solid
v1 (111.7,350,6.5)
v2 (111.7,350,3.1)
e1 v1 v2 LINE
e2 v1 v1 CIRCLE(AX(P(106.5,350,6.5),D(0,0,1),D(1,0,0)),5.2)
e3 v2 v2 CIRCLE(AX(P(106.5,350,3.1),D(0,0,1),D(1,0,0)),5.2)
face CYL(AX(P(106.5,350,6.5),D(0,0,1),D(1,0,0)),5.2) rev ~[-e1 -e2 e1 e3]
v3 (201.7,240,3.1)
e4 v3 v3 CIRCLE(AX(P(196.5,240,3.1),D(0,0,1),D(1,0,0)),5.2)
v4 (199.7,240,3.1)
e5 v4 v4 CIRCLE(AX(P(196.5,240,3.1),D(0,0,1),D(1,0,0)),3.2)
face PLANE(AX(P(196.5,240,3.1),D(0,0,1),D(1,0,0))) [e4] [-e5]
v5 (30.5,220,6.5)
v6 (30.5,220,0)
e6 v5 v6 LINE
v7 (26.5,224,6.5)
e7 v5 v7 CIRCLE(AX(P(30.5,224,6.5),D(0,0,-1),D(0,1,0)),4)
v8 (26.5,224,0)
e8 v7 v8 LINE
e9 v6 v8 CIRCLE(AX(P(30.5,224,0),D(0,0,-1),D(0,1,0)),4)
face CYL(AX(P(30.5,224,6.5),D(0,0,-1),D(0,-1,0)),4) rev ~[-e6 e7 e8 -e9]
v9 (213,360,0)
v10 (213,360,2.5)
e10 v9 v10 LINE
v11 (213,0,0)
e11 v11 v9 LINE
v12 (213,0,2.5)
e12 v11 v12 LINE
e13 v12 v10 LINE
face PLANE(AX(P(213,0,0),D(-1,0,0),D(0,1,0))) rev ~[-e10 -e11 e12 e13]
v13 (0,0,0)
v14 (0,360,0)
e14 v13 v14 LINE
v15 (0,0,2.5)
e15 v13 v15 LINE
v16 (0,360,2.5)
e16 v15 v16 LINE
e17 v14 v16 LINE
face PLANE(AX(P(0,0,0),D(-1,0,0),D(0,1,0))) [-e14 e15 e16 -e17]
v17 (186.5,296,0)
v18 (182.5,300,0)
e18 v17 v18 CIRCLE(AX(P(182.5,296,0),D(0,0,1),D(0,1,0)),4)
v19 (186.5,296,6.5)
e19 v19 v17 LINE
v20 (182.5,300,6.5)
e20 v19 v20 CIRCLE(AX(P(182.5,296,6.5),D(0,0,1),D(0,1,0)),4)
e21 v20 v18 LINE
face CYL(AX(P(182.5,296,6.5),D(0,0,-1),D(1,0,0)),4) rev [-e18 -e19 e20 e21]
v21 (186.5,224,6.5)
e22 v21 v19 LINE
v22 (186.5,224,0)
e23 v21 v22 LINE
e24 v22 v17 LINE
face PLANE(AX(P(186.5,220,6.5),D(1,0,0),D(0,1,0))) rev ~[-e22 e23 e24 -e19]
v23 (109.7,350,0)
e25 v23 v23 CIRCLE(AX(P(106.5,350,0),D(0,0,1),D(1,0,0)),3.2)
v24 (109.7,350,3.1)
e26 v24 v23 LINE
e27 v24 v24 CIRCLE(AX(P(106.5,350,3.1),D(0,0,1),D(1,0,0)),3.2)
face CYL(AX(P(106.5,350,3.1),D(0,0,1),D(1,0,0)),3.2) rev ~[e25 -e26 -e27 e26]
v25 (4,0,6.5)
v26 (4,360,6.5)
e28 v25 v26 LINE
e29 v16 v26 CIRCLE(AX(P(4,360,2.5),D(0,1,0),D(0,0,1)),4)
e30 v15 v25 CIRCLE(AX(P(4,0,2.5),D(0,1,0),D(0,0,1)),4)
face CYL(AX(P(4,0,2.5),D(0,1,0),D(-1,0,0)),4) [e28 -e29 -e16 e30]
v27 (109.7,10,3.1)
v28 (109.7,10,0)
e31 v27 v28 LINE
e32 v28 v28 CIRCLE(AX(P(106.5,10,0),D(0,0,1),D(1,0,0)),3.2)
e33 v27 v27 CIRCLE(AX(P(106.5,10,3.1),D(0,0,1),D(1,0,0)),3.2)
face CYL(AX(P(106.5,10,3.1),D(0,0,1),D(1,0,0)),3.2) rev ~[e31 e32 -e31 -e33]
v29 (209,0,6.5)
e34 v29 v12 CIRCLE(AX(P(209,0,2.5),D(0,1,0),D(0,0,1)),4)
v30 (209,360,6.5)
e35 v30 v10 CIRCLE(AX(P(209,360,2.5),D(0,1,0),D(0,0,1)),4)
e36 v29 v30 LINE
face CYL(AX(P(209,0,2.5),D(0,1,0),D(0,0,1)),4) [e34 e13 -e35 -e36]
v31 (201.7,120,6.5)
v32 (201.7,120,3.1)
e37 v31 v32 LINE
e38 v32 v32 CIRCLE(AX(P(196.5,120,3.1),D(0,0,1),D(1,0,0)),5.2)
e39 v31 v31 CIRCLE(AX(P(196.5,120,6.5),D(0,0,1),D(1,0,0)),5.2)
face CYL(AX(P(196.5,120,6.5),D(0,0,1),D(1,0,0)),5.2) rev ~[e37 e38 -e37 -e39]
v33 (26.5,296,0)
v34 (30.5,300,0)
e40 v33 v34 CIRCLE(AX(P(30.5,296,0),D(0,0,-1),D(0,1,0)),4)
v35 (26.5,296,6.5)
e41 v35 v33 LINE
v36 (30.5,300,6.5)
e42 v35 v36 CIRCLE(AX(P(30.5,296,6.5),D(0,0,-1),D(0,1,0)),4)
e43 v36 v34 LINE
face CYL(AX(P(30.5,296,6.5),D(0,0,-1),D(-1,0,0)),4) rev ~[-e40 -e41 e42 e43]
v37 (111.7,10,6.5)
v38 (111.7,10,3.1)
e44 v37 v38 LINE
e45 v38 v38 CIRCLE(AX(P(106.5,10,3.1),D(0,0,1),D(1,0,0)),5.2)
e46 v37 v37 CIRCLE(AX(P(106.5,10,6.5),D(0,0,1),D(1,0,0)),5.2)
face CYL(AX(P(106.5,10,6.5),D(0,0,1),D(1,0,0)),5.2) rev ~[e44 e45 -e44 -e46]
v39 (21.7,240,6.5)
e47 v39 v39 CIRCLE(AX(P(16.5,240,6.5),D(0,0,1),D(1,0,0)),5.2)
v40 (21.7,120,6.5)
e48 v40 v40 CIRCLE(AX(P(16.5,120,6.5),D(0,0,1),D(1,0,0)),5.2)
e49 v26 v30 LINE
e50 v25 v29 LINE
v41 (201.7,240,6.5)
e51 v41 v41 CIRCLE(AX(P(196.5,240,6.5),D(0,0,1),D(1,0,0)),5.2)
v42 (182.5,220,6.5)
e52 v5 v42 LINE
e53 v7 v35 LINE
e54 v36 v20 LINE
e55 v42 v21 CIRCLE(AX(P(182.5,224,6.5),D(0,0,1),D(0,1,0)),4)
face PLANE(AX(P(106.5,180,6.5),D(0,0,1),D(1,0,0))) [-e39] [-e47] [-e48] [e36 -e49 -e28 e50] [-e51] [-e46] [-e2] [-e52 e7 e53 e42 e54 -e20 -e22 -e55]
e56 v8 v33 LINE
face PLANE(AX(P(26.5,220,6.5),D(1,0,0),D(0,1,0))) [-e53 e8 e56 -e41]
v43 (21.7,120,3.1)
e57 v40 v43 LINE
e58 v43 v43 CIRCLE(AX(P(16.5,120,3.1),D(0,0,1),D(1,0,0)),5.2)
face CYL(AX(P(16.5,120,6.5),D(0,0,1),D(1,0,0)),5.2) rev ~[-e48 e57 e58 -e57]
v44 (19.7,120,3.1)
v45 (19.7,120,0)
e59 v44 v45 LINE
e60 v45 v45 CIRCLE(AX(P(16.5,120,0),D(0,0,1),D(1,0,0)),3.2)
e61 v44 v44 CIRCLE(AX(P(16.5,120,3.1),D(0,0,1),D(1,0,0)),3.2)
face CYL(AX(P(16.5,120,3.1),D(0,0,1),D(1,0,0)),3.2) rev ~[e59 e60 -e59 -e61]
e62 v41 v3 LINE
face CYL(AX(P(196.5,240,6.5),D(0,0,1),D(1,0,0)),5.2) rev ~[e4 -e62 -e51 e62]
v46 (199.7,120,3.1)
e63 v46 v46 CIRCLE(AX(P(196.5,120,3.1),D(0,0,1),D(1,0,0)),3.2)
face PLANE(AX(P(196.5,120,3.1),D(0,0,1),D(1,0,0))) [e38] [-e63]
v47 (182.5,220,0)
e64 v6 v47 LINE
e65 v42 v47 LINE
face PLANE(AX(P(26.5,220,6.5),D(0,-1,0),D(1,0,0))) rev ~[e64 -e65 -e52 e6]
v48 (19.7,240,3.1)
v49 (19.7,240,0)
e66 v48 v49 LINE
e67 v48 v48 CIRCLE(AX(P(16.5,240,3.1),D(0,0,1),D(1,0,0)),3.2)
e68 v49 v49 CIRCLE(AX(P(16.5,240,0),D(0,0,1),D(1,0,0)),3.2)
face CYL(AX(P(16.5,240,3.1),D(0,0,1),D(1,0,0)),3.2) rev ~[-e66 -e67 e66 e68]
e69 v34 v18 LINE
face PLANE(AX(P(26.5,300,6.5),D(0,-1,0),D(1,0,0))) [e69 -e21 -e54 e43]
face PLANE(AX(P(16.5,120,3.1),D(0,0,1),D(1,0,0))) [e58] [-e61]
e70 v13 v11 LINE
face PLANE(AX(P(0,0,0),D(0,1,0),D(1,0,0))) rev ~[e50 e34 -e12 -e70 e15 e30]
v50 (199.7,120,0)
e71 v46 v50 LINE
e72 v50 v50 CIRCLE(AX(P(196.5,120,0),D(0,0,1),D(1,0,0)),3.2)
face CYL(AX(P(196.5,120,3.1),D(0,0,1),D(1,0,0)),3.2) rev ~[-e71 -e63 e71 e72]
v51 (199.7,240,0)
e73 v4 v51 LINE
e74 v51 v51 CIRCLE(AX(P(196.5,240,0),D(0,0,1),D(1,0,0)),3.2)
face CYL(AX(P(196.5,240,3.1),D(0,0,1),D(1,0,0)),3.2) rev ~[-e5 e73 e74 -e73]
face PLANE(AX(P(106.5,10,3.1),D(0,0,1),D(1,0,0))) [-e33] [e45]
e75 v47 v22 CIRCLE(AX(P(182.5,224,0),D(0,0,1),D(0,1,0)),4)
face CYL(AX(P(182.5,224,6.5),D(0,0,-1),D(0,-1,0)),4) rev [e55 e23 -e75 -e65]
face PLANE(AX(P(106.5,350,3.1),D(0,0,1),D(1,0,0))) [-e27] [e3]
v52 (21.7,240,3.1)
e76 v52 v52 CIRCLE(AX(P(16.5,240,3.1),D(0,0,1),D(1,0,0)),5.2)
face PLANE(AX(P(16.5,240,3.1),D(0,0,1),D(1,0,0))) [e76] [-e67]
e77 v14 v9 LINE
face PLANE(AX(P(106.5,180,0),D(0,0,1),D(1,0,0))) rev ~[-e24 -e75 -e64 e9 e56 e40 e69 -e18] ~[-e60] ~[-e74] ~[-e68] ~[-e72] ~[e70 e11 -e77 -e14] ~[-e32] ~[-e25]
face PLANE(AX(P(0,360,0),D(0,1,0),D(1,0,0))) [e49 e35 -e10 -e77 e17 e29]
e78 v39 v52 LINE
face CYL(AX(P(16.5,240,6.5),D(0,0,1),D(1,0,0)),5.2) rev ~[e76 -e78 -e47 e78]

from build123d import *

# Parameters (mm, degrees)
SKETCH_W        = 213
SKETCH_H        = 360
PAD_DEPTH       = 6.5
SKETCH001_R     = 5.2
POCKET_DEPTH    = 3.4
SKETCH002_R     = 3.2
POCKET001_DEPTH = 3.1
FILLET_R        = 4
SKETCH003_W     = 160
SKETCH003_H     = 80
POCKET002_DEPTH = 6.5
FILLET001_R     = 4
FILLET002_R     = 4


with BuildPart() as part:
    # Sketch → Pad (new body)
    with BuildSketch(Plane.XY):
        with Locations((106.5, 180)):
            Rectangle(SKETCH_W, SKETCH_H)
    extrude(amount=PAD_DEPTH)

    # Sketch001 (on Face6 of Pad) → Pocket (cut)
    with BuildSketch(Plane.XY.offset(6.5)):
        with Locations((106.5, 350)):
            Circle(SKETCH001_R)
        with Locations((16.5, 240)):
            Circle(SKETCH001_R)
        with Locations((16.5, 120)):
            Circle(SKETCH001_R)
        with Locations((196.5, 240)):
            Circle(SKETCH001_R)
        with Locations((196.5, 120)):
            Circle(SKETCH001_R)
        with Locations((106.5, 10)):
            Circle(SKETCH001_R)
    extrude(amount=-POCKET_DEPTH, mode=Mode.SUBTRACT)

    # Sketch002 (on Face17 of Pocket) → Pocket001 (cut)
    with BuildSketch(Plane.XY.offset(3.1)):
        with Locations((106.5, 350)):
            Circle(SKETCH002_R)
        with Locations((16.5, 240)):
            Circle(SKETCH002_R)
        with Locations((16.5, 120)):
            Circle(SKETCH002_R)
        with Locations((196.5, 240)):
            Circle(SKETCH002_R)
        with Locations((196.5, 120)):
            Circle(SKETCH002_R)
        with Locations((106.5, 10)):
            Circle(SKETCH002_R)
    extrude(amount=-POCKET001_DEPTH, mode=Mode.SUBTRACT)

    # Fillet
    fillet_edges = [part.edges().sort_by_distance(p)[0] for p in [
        (213, 180, 6.5),
        (0, 180, 6.5),
    ]]
    fillet(fillet_edges, radius=FILLET_R)

    # Sketch003 (on Face5 of Fillet) → Pocket002 (cut)
    with BuildSketch(Plane.XY.offset(6.5)):
        with Locations((106.5, 260)):
            Rectangle(SKETCH003_W, SKETCH003_H)
    extrude(amount=-POCKET002_DEPTH, mode=Mode.SUBTRACT)

    # Fillet001
    fillet001_edges = [part.edges().sort_by_distance(p)[0] for p in [
        (26.5, 220, 3.25),
    ]]
    fillet(fillet001_edges, radius=FILLET001_R)

    # Fillet002
    fillet002_edges = [part.edges().sort_by_distance(p)[0] for p in [
        (186.5, 220, 3.25),
        (186.5, 300, 3.25),
        (26.5, 300, 3.25),
    ]]
    fillet(fillet002_edges, radius=FILLET002_R)


solid = part.part
